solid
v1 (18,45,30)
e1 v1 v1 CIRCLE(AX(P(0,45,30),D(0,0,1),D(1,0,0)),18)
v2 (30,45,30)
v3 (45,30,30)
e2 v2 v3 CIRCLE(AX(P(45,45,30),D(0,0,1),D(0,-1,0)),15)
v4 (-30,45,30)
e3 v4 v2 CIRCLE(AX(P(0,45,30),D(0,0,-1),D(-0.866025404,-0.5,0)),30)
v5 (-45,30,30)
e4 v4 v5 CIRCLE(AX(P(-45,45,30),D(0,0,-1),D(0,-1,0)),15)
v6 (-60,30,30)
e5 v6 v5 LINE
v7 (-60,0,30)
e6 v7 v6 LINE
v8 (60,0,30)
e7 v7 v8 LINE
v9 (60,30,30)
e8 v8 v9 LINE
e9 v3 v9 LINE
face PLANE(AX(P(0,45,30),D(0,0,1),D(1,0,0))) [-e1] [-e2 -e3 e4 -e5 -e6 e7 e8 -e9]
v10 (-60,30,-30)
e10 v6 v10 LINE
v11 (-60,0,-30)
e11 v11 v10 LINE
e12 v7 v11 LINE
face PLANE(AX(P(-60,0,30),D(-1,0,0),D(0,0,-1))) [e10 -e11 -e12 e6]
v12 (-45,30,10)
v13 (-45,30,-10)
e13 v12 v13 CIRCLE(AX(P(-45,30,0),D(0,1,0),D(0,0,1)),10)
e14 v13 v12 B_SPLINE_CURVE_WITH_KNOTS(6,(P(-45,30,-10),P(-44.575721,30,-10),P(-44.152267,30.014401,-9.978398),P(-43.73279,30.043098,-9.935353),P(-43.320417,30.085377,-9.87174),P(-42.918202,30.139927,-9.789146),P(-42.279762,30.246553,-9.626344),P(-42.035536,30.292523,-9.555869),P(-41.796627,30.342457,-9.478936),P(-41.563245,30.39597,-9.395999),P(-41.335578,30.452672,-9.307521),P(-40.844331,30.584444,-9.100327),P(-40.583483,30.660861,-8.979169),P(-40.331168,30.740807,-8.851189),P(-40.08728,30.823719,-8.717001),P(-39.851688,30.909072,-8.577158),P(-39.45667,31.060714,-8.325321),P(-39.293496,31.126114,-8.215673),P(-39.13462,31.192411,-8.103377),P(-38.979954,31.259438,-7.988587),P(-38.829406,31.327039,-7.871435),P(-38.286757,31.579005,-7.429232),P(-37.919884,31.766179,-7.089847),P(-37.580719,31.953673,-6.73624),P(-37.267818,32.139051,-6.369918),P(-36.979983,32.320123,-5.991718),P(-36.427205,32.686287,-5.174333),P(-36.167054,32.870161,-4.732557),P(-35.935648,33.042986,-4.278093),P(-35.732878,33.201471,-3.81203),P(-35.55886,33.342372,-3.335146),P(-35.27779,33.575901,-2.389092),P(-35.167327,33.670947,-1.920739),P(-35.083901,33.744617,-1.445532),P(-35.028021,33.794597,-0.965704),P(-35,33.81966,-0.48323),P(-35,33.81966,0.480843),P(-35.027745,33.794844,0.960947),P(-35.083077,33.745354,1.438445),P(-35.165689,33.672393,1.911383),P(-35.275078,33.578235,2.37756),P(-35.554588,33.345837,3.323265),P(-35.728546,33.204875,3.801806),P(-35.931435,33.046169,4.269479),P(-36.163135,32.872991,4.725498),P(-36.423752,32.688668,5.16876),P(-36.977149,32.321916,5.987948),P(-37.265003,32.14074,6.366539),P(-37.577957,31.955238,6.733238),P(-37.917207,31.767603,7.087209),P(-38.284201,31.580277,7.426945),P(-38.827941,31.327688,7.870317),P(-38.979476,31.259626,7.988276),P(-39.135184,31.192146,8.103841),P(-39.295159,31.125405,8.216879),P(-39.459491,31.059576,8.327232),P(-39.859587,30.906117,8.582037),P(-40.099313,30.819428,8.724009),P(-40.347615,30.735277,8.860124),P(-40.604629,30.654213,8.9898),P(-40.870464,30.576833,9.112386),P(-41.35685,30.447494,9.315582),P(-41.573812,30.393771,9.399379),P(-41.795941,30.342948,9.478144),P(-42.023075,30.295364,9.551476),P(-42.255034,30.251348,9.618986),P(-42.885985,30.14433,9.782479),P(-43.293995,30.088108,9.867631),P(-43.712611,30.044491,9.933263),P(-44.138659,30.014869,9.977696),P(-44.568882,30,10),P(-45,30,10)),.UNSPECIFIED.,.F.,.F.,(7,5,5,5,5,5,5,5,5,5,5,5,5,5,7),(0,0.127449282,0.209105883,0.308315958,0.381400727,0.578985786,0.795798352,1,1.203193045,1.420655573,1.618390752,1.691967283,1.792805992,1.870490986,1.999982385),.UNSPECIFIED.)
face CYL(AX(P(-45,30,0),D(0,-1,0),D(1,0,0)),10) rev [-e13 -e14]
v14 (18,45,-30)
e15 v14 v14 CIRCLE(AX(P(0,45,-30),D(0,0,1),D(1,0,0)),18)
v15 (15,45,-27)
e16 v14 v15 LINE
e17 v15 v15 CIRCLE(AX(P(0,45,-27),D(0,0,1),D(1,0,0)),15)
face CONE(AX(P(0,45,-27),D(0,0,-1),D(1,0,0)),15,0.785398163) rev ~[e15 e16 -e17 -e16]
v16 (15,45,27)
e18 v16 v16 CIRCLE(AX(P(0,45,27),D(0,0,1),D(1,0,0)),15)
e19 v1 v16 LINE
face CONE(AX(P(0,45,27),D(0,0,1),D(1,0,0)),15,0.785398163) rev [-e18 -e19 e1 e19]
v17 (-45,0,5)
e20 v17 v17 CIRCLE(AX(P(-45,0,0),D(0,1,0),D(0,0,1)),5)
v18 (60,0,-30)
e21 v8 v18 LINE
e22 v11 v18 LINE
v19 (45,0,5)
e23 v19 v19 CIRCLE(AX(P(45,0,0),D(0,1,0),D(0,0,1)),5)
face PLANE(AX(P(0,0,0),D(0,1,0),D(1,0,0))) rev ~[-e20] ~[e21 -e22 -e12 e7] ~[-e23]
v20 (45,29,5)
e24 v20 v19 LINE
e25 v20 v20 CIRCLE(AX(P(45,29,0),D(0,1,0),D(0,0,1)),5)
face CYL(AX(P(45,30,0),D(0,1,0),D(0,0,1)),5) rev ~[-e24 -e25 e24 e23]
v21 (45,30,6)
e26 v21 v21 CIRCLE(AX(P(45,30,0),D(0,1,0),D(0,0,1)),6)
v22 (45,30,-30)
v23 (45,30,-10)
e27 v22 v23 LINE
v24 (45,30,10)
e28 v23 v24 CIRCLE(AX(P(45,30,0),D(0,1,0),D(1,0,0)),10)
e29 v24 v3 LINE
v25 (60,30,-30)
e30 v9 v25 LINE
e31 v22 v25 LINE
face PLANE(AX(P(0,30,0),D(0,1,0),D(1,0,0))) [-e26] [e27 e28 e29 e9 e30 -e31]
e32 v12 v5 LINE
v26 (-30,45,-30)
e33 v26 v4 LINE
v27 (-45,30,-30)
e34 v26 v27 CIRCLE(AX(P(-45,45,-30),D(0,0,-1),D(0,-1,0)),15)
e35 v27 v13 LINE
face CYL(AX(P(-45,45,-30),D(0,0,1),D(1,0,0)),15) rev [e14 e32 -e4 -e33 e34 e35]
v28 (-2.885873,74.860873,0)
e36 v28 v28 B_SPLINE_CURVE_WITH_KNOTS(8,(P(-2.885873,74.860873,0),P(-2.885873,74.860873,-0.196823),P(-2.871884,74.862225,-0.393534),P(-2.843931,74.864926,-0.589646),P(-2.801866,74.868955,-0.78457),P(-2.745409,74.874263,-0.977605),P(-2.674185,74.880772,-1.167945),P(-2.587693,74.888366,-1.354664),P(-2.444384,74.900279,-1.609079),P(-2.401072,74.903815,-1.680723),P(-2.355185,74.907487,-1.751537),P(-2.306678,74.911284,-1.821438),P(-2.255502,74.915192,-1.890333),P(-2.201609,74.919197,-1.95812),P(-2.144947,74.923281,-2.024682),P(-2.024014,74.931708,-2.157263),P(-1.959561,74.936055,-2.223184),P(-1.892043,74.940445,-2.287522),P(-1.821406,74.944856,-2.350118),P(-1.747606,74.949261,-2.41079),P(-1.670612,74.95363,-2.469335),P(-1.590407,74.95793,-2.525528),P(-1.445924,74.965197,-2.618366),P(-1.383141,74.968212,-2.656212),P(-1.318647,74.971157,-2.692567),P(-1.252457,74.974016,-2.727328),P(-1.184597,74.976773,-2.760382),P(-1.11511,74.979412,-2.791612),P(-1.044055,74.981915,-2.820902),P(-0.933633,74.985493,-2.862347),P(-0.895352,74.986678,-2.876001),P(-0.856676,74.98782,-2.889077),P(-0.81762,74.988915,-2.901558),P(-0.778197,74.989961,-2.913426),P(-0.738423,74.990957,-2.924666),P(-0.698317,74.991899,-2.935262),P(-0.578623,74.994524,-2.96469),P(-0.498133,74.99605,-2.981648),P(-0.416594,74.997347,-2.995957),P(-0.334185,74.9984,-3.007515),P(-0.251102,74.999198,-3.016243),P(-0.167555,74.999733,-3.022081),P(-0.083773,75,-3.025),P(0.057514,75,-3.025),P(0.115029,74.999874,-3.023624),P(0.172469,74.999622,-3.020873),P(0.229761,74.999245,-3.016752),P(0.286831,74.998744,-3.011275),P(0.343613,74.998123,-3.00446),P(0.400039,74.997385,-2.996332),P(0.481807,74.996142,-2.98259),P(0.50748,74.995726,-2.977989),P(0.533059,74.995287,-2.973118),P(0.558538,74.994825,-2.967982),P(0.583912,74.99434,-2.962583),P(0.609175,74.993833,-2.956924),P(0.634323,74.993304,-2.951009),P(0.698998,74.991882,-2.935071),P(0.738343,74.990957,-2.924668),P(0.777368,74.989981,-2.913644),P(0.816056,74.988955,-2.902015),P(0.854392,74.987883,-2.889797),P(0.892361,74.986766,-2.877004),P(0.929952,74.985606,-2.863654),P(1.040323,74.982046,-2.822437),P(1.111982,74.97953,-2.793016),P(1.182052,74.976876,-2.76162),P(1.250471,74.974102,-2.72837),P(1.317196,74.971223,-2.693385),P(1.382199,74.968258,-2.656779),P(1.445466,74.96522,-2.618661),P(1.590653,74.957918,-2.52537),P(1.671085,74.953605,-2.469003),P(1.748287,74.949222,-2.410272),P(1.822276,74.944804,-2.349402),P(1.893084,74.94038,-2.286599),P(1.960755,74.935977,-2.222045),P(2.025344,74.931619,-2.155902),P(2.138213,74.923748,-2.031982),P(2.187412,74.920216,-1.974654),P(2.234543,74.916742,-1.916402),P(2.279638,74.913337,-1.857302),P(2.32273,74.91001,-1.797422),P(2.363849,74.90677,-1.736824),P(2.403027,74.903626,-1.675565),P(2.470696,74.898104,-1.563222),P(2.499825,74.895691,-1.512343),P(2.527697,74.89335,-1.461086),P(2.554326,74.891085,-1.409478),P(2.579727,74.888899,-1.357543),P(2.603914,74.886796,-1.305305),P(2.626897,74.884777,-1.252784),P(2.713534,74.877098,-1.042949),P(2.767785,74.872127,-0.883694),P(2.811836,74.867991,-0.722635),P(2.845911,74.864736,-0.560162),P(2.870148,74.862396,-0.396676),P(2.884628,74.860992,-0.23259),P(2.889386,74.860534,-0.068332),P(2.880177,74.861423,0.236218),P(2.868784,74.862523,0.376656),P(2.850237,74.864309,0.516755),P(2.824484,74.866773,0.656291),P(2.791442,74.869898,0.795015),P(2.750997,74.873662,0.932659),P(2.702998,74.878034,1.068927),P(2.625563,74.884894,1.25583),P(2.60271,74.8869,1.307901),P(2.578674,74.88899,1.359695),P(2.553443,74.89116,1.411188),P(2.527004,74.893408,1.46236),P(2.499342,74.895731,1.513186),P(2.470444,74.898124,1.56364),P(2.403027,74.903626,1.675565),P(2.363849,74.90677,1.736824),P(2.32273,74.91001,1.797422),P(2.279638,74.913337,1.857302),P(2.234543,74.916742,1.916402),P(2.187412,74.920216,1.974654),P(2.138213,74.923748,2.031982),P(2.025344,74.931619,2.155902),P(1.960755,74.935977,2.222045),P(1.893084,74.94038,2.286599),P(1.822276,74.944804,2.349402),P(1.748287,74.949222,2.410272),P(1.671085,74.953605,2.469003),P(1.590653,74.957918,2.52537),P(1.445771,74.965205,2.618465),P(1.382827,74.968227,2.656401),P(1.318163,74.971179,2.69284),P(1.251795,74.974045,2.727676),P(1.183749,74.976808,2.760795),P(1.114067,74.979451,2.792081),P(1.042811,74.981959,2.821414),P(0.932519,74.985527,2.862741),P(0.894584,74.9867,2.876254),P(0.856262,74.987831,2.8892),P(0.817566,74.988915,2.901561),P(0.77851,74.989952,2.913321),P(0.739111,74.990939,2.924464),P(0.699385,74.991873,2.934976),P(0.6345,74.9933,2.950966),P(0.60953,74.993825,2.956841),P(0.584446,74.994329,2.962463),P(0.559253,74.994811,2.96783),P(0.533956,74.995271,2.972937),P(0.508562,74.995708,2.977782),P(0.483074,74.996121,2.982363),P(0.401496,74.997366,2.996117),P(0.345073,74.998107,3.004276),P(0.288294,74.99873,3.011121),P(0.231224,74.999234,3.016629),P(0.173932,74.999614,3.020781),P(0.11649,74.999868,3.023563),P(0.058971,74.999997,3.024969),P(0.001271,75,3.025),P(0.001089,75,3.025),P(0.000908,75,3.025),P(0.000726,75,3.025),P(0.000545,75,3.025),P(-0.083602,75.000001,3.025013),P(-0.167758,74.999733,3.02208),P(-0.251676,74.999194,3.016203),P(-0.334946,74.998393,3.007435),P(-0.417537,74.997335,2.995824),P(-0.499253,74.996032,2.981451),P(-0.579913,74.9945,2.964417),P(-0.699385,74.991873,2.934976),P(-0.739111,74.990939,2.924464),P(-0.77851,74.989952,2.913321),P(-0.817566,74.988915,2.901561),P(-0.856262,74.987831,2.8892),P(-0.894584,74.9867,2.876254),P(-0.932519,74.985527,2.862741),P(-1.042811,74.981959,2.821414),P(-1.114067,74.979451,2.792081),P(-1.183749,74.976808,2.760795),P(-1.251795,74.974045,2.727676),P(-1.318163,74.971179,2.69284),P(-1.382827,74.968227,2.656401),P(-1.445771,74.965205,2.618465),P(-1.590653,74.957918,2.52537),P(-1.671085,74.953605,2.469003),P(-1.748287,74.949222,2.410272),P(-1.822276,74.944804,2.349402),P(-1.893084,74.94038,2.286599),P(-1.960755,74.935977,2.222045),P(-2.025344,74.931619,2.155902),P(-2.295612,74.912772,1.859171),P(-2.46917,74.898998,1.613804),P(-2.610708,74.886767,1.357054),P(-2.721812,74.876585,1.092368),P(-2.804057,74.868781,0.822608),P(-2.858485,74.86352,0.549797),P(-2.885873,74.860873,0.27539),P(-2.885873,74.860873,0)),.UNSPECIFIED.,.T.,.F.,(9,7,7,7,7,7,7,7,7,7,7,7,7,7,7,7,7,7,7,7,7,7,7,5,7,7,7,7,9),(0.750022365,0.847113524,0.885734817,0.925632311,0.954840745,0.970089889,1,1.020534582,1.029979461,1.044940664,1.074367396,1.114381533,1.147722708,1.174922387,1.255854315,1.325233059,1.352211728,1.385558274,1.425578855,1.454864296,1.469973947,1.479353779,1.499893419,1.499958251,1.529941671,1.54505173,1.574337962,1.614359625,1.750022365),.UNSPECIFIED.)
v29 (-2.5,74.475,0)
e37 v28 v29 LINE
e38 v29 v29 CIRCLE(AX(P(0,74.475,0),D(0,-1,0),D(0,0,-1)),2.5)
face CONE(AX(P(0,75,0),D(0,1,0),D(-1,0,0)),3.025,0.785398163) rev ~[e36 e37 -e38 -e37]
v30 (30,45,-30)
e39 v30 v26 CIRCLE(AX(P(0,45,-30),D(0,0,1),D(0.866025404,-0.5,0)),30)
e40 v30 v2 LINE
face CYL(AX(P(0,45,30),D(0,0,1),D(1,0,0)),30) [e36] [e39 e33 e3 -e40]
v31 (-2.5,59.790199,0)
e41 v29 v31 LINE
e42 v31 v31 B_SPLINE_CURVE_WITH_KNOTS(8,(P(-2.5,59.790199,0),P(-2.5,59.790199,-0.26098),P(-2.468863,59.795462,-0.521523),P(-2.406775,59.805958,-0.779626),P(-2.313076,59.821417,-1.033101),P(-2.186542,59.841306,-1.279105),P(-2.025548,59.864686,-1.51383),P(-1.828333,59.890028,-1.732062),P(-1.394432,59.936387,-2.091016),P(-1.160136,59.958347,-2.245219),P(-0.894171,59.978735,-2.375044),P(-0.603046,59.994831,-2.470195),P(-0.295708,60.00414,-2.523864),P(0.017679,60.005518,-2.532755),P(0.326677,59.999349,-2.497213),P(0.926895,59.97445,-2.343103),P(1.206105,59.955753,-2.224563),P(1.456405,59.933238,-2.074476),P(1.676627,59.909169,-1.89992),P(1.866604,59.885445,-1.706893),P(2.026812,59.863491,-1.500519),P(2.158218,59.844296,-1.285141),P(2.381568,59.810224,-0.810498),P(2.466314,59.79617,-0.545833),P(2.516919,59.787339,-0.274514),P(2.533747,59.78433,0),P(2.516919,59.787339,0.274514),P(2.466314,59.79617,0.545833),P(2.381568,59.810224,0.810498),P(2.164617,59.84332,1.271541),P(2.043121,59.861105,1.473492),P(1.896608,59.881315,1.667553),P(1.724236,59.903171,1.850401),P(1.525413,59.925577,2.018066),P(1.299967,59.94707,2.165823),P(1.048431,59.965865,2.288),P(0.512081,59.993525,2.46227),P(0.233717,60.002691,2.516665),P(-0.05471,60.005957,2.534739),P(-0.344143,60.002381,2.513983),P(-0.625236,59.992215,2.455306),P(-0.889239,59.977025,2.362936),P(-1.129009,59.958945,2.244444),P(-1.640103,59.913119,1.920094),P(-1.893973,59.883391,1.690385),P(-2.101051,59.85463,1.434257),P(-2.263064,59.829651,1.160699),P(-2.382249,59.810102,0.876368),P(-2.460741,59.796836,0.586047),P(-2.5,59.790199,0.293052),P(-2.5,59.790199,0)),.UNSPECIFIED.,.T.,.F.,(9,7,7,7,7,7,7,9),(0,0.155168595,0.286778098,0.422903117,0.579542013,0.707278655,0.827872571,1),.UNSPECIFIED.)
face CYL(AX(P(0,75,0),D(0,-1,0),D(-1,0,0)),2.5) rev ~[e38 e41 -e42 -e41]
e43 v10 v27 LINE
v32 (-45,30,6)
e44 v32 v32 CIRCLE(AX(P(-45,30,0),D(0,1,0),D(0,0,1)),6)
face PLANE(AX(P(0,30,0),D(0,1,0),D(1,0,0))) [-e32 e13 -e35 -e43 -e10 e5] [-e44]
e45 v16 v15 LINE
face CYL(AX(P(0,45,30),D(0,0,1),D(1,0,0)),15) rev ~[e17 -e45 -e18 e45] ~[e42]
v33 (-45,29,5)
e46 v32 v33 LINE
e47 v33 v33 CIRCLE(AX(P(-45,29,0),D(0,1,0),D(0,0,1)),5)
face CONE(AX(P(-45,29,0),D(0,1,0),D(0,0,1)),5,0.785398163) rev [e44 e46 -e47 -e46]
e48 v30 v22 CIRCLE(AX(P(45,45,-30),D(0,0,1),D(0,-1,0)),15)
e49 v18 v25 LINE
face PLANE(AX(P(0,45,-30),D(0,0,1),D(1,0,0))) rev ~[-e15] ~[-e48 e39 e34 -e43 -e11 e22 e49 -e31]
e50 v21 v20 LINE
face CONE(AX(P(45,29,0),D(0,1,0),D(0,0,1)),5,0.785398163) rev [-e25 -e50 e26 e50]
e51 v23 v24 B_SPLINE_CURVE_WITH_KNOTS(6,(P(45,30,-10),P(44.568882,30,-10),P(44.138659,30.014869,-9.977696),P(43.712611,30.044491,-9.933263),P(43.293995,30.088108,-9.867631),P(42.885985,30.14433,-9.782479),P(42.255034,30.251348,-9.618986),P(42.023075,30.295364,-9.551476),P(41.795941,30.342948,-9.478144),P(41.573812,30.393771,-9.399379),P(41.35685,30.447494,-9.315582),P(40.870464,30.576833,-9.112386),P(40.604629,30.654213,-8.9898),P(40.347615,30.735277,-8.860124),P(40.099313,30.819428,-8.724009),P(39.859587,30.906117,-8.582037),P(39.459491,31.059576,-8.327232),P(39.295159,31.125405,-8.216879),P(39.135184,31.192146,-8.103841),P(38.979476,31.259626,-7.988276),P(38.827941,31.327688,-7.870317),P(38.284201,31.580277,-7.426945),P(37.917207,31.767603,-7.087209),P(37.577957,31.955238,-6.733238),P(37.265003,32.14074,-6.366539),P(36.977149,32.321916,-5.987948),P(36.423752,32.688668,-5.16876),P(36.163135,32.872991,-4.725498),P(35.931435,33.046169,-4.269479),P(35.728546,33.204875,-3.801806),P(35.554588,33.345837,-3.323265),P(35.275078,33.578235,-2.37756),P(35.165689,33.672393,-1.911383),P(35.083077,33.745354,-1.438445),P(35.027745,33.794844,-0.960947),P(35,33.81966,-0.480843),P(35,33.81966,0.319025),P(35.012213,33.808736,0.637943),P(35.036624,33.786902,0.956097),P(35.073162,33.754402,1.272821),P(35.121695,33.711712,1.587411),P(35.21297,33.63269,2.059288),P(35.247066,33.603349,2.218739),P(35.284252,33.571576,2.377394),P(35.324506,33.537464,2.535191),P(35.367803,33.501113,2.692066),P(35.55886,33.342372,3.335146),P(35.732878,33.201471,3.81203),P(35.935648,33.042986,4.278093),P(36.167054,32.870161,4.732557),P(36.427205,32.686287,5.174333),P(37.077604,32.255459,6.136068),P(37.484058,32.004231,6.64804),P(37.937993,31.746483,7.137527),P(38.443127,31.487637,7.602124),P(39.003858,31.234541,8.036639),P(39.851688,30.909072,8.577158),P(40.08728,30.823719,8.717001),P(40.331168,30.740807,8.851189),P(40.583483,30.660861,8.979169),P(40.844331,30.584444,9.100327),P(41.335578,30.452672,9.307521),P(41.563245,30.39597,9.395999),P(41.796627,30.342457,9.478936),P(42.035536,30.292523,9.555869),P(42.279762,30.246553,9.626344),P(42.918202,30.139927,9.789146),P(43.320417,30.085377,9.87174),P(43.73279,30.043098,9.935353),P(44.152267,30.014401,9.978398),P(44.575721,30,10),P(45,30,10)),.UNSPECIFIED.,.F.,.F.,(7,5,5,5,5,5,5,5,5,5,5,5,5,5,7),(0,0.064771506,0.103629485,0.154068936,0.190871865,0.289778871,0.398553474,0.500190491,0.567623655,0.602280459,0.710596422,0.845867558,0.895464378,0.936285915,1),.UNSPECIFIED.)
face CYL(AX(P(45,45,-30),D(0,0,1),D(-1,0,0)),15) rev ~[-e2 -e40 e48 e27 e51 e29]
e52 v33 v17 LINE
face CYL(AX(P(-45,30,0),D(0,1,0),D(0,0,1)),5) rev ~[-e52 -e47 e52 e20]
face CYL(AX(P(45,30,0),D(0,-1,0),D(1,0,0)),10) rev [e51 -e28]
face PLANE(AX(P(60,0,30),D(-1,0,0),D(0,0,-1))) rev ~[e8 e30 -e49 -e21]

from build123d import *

# Parameters (mm, degrees)
SKETCH1_W                   = 120
SKETCH1_H                   = 60
BOSS_EXTRUDE1_DEPTH         = 30
SKETCH2_R                   = 30
BOSS_EXTRUDE2_DEPTH         = 60
SKETCH3_R                   = 15
CUT_EXTRUDE1_DEPTH          = 114.247516529
CHAMFER1_SIZE               = 3
FILLET2_R                   = 15
SKETCH4_R                   = 10
CUT_EXTRUDE2_DEPTH          = 5
SKETCH5_R                   = 5
CUT_EXTRUDE3_DEPTH          = 81.777472144
CHAMFER2_SIZE               = 1
M6_TAPPED_HOLE2_D           = 5
M6_TAPPED_HOLE2_DEPTH       = 29.999
M6_TAPPED_HOLE2_CSINK_D     = 6.05
M6_TAPPED_HOLE2_CSINK_ANGLE = 90
M6_TAPPED_HOLE2_TIP         = 1.502151548


with BuildPart() as part:
    # Sketch1 → Boss-Extrude1 (new body)
    with BuildSketch(Plane(origin=(0, 0, 0), x_dir=(1, 0, 0), z_dir=(0, 1, 0))):
        Rectangle(SKETCH1_W, SKETCH1_H)
    extrude(amount=BOSS_EXTRUDE1_DEPTH)

    # Sketch2 → Boss-Extrude2 (add)
    with BuildSketch(Plane.XY.offset(30)):
        with Locations((0, 45)):
            Circle(SKETCH2_R)
    extrude(amount=-BOSS_EXTRUDE2_DEPTH)

    # Sketch3 → Cut-Extrude1 (cut, through all)
    with BuildSketch(Plane.XY.offset(30)):
        with Locations((0, 45)):
            Circle(SKETCH3_R)
    extrude(amount=-CUT_EXTRUDE1_DEPTH, mode=Mode.SUBTRACT)

    # Chamfer1
    chamfer1_edges = [part.edges().sort_by_distance(p)[0] for p in [
        (-15, 45, -30),
        (-15, 45, 30),
    ]]
    chamfer(chamfer1_edges, length=CHAMFER1_SIZE)

    # Fillet2
    fillet2_edges = [part.edges().sort_by_distance(p)[0] for p in [
        (-25.980762114, 30, 0),
        (25.980762114, 30, 0),
    ]]
    fillet(fillet2_edges, radius=FILLET2_R)

    # Sketch4 → Cut-Extrude2 (cut)
    with BuildSketch(Plane(origin=(0, 30, 0), x_dir=(1, 0, 0), z_dir=(0, 1, 0))):
        with Locations((-45, 0)):
            Circle(SKETCH4_R)
        with Locations((45, 0)):
            Circle(SKETCH4_R)
    extrude(amount=CUT_EXTRUDE2_DEPTH, mode=Mode.SUBTRACT)

    # Sketch5 → Cut-Extrude3 (cut, through all)
    with BuildSketch(Plane(origin=(0, 30, 0), x_dir=(1, 0, 0), z_dir=(0, 1, 0))):
        with Locations(Location((-45, 0, 0), (0, 0, 270))):
            Circle(SKETCH5_R)
        with Locations(Location((45, 0, 0), (0, 0, 270))):
            Circle(SKETCH5_R)
    extrude(amount=-CUT_EXTRUDE3_DEPTH, mode=Mode.SUBTRACT)

    # Chamfer2
    chamfer2_edges = [part.edges().sort_by_distance(p)[0] for p in [
        (-45, 30, -5),
        (45, 30, -5),
    ]]
    chamfer(chamfer2_edges, length=CHAMFER2_SIZE)

    # M6 Tapped Hole2
    with Locations(Plane(origin=(0, 75, 0), x_dir=(1, 0, 0), z_dir=(0, 1, 0))):
        with Locations((0, 0)):
            CounterSinkHole(M6_TAPPED_HOLE2_D / 2, M6_TAPPED_HOLE2_CSINK_D / 2, depth=M6_TAPPED_HOLE2_DEPTH, counter_sink_angle=M6_TAPPED_HOLE2_CSINK_ANGLE)
            with Locations((0, 0, -(M6_TAPPED_HOLE2_DEPTH + M6_TAPPED_HOLE2_TIP / 2))):  # 118° drill point
                Cone(0, M6_TAPPED_HOLE2_D / 2, M6_TAPPED_HOLE2_TIP, mode=Mode.SUBTRACT)


solid = part.part
